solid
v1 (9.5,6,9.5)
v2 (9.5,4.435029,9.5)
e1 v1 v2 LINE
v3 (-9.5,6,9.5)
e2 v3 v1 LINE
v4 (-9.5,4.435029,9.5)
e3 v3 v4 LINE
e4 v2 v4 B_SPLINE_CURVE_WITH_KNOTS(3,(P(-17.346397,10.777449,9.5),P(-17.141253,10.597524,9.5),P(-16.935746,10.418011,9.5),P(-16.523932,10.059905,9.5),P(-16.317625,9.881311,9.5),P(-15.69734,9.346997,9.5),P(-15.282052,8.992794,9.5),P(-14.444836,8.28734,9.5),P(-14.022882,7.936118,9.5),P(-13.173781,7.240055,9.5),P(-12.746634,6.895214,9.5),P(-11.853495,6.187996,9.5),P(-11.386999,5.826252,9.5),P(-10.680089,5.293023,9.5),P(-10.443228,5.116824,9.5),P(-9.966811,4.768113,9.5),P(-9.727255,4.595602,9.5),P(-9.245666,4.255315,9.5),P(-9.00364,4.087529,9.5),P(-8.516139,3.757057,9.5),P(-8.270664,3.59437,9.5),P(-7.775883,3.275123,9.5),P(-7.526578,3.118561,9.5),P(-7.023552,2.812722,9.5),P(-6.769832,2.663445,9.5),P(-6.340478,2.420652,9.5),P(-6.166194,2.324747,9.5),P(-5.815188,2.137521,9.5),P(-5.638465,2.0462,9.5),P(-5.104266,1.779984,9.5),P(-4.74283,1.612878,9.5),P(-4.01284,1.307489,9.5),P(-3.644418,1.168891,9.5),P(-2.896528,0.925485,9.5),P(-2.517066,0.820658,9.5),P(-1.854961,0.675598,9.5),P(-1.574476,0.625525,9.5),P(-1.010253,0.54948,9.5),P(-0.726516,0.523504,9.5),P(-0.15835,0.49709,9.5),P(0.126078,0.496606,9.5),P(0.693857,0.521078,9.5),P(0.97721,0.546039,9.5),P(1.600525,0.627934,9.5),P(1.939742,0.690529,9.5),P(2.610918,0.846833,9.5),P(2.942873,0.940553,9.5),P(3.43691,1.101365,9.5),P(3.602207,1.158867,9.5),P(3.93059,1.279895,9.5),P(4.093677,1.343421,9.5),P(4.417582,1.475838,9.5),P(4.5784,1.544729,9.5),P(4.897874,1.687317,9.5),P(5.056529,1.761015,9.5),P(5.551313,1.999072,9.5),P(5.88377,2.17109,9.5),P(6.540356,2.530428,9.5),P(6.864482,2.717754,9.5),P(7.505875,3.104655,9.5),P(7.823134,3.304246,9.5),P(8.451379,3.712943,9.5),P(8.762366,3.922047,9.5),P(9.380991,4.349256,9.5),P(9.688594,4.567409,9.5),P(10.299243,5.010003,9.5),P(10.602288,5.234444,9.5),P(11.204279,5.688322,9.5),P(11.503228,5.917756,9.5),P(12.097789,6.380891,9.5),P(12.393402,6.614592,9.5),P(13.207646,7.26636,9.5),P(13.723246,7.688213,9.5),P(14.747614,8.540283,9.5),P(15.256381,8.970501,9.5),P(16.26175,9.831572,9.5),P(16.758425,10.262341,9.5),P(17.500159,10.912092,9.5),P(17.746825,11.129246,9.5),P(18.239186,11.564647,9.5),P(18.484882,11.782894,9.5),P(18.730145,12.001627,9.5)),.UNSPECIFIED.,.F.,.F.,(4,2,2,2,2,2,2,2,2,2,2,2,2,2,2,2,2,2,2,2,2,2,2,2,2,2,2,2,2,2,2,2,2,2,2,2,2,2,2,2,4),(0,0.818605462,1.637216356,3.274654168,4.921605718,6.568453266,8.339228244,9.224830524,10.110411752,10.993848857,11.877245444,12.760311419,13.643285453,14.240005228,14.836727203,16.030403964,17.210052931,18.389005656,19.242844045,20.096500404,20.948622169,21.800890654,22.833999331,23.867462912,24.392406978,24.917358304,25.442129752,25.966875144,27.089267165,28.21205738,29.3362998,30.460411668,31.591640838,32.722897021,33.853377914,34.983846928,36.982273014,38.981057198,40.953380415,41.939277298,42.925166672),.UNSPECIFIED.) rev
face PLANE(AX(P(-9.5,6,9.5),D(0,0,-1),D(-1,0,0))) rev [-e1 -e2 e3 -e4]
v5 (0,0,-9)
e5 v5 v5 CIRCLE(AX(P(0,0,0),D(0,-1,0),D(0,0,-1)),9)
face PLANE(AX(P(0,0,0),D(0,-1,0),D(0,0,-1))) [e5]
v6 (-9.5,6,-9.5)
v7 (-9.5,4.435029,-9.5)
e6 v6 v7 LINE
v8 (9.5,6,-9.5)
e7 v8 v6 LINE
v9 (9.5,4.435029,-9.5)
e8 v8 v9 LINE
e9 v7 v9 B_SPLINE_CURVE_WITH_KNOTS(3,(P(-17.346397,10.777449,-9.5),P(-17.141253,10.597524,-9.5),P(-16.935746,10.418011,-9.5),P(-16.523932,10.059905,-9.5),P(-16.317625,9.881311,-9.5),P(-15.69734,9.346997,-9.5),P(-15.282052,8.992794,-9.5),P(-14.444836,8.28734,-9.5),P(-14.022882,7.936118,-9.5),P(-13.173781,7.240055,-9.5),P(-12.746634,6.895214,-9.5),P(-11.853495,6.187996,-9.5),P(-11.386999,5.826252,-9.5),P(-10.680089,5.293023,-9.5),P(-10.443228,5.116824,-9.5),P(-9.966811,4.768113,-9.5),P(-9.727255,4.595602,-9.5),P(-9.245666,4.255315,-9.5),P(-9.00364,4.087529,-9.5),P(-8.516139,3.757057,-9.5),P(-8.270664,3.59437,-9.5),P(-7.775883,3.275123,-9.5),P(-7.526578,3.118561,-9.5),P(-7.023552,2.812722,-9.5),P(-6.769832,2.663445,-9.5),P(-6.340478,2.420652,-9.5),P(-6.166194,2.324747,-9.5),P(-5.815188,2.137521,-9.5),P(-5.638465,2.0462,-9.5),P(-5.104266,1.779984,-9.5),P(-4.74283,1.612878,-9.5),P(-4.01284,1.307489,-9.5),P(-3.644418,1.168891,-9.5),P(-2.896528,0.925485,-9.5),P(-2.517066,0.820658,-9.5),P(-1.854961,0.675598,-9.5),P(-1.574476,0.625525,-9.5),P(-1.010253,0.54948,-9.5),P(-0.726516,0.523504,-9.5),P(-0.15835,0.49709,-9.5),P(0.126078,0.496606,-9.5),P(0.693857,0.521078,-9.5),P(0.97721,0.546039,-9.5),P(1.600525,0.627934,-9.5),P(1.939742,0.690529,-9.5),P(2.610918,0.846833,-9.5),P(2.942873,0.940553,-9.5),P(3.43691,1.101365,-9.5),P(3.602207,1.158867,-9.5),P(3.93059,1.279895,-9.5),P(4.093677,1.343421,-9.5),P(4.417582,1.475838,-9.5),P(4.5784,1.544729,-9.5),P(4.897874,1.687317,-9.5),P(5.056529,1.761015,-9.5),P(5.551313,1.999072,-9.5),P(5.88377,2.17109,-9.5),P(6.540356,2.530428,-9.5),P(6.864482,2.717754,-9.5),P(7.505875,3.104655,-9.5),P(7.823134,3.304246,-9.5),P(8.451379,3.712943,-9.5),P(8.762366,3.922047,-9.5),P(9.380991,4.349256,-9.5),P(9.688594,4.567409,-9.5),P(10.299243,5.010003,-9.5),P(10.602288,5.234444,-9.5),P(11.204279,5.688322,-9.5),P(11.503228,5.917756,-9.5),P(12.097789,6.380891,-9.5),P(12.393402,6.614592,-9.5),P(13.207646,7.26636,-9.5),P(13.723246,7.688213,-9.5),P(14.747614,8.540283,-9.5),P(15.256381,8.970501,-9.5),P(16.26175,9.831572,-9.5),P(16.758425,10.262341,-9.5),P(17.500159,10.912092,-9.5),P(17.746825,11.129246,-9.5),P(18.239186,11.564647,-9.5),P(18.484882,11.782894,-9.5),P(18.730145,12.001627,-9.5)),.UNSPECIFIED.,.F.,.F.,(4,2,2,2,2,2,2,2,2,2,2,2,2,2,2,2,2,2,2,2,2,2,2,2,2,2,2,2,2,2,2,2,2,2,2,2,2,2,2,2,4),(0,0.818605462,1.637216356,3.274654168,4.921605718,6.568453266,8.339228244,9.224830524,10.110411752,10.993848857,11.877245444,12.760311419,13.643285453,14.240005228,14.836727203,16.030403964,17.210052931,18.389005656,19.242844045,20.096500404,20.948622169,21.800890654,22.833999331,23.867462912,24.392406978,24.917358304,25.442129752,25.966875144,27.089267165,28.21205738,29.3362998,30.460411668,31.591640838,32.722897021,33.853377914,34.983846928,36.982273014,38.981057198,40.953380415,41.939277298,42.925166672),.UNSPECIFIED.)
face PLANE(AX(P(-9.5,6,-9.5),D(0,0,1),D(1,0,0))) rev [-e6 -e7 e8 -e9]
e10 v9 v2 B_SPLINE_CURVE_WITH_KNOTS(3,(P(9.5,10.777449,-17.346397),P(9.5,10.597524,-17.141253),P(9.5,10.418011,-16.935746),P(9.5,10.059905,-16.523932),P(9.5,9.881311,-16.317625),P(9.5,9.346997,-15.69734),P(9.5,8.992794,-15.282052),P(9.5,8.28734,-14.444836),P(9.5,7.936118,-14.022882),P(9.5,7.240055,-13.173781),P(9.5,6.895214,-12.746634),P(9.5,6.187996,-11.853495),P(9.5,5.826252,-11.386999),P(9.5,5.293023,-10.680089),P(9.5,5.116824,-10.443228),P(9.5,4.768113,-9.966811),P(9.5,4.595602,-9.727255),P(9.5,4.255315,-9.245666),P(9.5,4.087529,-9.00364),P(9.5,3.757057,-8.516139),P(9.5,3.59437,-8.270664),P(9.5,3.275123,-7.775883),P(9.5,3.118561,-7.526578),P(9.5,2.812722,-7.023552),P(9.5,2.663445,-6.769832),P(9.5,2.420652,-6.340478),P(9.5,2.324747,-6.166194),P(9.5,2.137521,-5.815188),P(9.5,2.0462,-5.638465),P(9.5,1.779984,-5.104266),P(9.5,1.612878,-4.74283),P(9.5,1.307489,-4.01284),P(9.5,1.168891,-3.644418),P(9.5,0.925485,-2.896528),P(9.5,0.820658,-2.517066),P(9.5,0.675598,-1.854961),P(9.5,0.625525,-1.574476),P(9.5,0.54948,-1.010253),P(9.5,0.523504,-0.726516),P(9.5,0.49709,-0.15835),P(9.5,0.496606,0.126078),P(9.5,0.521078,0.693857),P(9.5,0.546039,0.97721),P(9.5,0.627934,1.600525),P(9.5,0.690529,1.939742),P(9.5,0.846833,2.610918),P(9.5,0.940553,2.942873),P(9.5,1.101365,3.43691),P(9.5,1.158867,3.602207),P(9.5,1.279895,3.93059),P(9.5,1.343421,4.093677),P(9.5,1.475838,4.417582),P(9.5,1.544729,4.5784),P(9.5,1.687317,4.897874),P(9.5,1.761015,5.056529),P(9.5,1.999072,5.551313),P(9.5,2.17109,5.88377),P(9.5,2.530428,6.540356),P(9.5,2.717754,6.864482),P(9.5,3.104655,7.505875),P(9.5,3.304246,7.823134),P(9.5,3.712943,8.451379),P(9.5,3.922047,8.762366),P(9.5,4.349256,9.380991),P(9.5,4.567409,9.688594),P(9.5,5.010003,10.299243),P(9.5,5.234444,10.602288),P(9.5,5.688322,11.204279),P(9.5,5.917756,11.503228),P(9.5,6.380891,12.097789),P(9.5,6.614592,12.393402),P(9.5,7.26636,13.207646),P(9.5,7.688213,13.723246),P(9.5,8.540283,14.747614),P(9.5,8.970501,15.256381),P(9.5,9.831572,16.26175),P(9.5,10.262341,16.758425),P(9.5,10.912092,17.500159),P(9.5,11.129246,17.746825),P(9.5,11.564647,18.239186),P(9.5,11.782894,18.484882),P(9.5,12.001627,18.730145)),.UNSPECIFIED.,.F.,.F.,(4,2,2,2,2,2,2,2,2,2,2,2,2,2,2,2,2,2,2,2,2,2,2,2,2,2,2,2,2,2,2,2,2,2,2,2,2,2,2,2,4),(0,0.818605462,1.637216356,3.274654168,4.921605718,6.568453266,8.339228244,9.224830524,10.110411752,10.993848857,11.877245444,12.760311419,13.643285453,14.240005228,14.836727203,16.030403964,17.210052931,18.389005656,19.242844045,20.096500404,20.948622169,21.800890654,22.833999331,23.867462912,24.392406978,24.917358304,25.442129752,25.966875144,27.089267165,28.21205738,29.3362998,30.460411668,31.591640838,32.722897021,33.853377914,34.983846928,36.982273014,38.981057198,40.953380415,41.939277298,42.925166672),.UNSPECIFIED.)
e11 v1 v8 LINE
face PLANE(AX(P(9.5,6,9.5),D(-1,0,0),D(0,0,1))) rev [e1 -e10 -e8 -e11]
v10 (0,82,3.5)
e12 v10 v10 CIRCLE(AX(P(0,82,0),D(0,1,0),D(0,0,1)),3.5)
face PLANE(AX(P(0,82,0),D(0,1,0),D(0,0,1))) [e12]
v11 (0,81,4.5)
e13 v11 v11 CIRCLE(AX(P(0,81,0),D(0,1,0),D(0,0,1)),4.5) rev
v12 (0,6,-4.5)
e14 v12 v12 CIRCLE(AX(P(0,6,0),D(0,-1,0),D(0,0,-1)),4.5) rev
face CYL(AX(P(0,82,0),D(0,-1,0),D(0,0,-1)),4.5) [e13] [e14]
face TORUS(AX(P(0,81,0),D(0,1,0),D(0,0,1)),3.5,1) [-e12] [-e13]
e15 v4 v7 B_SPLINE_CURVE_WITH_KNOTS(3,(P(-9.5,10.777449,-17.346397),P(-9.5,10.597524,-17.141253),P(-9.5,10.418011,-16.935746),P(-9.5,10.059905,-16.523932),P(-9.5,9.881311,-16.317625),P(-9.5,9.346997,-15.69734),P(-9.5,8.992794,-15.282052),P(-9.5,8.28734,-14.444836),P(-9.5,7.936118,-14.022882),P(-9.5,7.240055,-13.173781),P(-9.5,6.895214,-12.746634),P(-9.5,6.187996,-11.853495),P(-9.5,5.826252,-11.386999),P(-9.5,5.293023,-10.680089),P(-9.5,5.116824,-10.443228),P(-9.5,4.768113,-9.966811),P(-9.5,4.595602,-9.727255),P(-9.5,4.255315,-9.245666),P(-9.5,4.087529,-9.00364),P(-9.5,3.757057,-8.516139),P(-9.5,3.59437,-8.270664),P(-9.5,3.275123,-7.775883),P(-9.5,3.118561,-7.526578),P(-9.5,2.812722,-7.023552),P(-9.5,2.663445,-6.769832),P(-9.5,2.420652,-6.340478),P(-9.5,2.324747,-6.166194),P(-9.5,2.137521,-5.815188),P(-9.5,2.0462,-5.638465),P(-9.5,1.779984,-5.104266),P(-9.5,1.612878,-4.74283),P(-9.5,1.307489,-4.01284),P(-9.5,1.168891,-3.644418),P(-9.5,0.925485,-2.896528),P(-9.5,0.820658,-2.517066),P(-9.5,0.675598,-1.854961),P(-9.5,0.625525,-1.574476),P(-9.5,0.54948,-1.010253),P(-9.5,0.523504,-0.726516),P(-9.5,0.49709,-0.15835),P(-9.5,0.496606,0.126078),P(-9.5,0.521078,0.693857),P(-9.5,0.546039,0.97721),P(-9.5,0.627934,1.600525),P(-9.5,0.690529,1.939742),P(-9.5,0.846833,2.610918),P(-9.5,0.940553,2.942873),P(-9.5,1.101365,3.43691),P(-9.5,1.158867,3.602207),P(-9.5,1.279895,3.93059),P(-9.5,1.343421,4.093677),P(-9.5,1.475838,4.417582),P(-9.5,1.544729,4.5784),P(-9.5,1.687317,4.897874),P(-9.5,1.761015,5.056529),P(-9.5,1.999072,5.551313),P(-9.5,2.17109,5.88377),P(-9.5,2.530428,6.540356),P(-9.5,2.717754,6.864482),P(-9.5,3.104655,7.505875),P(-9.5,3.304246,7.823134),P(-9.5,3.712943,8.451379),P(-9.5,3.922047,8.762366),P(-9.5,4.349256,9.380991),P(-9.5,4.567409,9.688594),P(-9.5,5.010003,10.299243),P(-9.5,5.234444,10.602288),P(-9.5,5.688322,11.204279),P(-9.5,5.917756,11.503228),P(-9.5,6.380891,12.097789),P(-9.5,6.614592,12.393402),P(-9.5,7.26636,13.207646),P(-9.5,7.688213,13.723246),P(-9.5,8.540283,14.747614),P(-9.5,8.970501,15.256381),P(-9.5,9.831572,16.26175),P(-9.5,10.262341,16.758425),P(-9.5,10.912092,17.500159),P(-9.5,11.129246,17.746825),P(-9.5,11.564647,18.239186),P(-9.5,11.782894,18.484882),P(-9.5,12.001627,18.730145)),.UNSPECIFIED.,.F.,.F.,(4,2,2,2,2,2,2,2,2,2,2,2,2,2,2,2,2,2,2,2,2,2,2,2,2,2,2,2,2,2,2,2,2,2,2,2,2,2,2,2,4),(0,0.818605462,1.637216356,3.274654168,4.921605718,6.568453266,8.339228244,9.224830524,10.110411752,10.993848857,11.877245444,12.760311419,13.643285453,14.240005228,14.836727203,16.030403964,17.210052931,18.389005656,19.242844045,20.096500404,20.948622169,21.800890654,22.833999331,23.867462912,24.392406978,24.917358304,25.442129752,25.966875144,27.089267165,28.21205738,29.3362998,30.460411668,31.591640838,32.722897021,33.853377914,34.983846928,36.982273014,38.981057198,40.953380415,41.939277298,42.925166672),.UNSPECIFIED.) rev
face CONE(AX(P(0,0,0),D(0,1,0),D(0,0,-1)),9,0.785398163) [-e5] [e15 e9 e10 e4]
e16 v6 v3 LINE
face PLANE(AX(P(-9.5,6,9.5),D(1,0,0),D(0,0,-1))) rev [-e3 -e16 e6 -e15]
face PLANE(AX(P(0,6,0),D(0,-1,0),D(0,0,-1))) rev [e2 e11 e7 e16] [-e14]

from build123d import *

# Parameters (mm, degrees)
SKETCH1_W           = 19
SKETCH1_H           = 19
BOSS_EXTRUDE1_DEPTH = 6
SKETCH2_R           = 4.5
BOSS_EXTRUDE2_DEPTH = 76
SKETCH3_OUTSIDE_W   = 190.258
SKETCH3_OUTSIDE_H   = 190.258
SKETCH3_OUTSIDE_R   = 9
CUT_EXTRUDE1_DEPTH  = 76
CUT_EXTRUDE1_DRAFT  = -45
FILLET1_R           = 1


with BuildPart() as part:
    # Sketch1 → Boss-Extrude1 (new body)
    with BuildSketch(Plane(origin=(0, 0, 0), x_dir=(1, 0, 0), z_dir=(0, 1, 0))):
        Rectangle(SKETCH1_W, SKETCH1_H)
    extrude(amount=BOSS_EXTRUDE1_DEPTH)

    # Sketch2 → Boss-Extrude2 (add)
    with BuildSketch(Plane(origin=(0, 6, 0), x_dir=(1, 0, 0), z_dir=(0, 1, 0))):
        with Locations(Location((0, 0, 0), (0, 0, 90))):  # turned: the seam where the file's is
            Circle(SKETCH2_R)
    extrude(amount=BOSS_EXTRUDE2_DEPTH)


with BuildPart() as cut_extrude1_tool:
    # Sketch3 outside → Cut-Extrude1 (with draft: the straight prism first)
    with BuildSketch(Plane.XZ):
        Rectangle(SKETCH3_OUTSIDE_W, SKETCH3_OUTSIDE_H)
        Circle(SKETCH3_OUTSIDE_R, mode=Mode.SUBTRACT)
    extrude(amount=-CUT_EXTRUDE1_DEPTH)
    # Cut-Extrude1: the draft: its side faces are tilted about the plane it starts from
    cut_extrude1_sides = [cut_extrude1_tool.faces().sort_by_distance(p)[0] for p in [
        (0, 38, -95.129),
        (95.129, 38, 0),
        (0, 38, 95.129),
        (-95.129, 38, 0),
        (-9, 38, 0),
    ]]
    draft(cut_extrude1_sides, Plane.XZ, CUT_EXTRUDE1_DRAFT)


with BuildPart() as part_1:
    add(part.part)

    # Cut-Extrude1: cut by cut_extrude1_tool
    add(cut_extrude1_tool.part, mode=Mode.SUBTRACT)

    # Fillet1
    fillet1_edges = [part_1.edges().sort_by_distance(p)[0] for p in [
        (0, 82, 4.5),
    ]]
    fillet(fillet1_edges, radius=FILLET1_R)


solid = part_1.part
